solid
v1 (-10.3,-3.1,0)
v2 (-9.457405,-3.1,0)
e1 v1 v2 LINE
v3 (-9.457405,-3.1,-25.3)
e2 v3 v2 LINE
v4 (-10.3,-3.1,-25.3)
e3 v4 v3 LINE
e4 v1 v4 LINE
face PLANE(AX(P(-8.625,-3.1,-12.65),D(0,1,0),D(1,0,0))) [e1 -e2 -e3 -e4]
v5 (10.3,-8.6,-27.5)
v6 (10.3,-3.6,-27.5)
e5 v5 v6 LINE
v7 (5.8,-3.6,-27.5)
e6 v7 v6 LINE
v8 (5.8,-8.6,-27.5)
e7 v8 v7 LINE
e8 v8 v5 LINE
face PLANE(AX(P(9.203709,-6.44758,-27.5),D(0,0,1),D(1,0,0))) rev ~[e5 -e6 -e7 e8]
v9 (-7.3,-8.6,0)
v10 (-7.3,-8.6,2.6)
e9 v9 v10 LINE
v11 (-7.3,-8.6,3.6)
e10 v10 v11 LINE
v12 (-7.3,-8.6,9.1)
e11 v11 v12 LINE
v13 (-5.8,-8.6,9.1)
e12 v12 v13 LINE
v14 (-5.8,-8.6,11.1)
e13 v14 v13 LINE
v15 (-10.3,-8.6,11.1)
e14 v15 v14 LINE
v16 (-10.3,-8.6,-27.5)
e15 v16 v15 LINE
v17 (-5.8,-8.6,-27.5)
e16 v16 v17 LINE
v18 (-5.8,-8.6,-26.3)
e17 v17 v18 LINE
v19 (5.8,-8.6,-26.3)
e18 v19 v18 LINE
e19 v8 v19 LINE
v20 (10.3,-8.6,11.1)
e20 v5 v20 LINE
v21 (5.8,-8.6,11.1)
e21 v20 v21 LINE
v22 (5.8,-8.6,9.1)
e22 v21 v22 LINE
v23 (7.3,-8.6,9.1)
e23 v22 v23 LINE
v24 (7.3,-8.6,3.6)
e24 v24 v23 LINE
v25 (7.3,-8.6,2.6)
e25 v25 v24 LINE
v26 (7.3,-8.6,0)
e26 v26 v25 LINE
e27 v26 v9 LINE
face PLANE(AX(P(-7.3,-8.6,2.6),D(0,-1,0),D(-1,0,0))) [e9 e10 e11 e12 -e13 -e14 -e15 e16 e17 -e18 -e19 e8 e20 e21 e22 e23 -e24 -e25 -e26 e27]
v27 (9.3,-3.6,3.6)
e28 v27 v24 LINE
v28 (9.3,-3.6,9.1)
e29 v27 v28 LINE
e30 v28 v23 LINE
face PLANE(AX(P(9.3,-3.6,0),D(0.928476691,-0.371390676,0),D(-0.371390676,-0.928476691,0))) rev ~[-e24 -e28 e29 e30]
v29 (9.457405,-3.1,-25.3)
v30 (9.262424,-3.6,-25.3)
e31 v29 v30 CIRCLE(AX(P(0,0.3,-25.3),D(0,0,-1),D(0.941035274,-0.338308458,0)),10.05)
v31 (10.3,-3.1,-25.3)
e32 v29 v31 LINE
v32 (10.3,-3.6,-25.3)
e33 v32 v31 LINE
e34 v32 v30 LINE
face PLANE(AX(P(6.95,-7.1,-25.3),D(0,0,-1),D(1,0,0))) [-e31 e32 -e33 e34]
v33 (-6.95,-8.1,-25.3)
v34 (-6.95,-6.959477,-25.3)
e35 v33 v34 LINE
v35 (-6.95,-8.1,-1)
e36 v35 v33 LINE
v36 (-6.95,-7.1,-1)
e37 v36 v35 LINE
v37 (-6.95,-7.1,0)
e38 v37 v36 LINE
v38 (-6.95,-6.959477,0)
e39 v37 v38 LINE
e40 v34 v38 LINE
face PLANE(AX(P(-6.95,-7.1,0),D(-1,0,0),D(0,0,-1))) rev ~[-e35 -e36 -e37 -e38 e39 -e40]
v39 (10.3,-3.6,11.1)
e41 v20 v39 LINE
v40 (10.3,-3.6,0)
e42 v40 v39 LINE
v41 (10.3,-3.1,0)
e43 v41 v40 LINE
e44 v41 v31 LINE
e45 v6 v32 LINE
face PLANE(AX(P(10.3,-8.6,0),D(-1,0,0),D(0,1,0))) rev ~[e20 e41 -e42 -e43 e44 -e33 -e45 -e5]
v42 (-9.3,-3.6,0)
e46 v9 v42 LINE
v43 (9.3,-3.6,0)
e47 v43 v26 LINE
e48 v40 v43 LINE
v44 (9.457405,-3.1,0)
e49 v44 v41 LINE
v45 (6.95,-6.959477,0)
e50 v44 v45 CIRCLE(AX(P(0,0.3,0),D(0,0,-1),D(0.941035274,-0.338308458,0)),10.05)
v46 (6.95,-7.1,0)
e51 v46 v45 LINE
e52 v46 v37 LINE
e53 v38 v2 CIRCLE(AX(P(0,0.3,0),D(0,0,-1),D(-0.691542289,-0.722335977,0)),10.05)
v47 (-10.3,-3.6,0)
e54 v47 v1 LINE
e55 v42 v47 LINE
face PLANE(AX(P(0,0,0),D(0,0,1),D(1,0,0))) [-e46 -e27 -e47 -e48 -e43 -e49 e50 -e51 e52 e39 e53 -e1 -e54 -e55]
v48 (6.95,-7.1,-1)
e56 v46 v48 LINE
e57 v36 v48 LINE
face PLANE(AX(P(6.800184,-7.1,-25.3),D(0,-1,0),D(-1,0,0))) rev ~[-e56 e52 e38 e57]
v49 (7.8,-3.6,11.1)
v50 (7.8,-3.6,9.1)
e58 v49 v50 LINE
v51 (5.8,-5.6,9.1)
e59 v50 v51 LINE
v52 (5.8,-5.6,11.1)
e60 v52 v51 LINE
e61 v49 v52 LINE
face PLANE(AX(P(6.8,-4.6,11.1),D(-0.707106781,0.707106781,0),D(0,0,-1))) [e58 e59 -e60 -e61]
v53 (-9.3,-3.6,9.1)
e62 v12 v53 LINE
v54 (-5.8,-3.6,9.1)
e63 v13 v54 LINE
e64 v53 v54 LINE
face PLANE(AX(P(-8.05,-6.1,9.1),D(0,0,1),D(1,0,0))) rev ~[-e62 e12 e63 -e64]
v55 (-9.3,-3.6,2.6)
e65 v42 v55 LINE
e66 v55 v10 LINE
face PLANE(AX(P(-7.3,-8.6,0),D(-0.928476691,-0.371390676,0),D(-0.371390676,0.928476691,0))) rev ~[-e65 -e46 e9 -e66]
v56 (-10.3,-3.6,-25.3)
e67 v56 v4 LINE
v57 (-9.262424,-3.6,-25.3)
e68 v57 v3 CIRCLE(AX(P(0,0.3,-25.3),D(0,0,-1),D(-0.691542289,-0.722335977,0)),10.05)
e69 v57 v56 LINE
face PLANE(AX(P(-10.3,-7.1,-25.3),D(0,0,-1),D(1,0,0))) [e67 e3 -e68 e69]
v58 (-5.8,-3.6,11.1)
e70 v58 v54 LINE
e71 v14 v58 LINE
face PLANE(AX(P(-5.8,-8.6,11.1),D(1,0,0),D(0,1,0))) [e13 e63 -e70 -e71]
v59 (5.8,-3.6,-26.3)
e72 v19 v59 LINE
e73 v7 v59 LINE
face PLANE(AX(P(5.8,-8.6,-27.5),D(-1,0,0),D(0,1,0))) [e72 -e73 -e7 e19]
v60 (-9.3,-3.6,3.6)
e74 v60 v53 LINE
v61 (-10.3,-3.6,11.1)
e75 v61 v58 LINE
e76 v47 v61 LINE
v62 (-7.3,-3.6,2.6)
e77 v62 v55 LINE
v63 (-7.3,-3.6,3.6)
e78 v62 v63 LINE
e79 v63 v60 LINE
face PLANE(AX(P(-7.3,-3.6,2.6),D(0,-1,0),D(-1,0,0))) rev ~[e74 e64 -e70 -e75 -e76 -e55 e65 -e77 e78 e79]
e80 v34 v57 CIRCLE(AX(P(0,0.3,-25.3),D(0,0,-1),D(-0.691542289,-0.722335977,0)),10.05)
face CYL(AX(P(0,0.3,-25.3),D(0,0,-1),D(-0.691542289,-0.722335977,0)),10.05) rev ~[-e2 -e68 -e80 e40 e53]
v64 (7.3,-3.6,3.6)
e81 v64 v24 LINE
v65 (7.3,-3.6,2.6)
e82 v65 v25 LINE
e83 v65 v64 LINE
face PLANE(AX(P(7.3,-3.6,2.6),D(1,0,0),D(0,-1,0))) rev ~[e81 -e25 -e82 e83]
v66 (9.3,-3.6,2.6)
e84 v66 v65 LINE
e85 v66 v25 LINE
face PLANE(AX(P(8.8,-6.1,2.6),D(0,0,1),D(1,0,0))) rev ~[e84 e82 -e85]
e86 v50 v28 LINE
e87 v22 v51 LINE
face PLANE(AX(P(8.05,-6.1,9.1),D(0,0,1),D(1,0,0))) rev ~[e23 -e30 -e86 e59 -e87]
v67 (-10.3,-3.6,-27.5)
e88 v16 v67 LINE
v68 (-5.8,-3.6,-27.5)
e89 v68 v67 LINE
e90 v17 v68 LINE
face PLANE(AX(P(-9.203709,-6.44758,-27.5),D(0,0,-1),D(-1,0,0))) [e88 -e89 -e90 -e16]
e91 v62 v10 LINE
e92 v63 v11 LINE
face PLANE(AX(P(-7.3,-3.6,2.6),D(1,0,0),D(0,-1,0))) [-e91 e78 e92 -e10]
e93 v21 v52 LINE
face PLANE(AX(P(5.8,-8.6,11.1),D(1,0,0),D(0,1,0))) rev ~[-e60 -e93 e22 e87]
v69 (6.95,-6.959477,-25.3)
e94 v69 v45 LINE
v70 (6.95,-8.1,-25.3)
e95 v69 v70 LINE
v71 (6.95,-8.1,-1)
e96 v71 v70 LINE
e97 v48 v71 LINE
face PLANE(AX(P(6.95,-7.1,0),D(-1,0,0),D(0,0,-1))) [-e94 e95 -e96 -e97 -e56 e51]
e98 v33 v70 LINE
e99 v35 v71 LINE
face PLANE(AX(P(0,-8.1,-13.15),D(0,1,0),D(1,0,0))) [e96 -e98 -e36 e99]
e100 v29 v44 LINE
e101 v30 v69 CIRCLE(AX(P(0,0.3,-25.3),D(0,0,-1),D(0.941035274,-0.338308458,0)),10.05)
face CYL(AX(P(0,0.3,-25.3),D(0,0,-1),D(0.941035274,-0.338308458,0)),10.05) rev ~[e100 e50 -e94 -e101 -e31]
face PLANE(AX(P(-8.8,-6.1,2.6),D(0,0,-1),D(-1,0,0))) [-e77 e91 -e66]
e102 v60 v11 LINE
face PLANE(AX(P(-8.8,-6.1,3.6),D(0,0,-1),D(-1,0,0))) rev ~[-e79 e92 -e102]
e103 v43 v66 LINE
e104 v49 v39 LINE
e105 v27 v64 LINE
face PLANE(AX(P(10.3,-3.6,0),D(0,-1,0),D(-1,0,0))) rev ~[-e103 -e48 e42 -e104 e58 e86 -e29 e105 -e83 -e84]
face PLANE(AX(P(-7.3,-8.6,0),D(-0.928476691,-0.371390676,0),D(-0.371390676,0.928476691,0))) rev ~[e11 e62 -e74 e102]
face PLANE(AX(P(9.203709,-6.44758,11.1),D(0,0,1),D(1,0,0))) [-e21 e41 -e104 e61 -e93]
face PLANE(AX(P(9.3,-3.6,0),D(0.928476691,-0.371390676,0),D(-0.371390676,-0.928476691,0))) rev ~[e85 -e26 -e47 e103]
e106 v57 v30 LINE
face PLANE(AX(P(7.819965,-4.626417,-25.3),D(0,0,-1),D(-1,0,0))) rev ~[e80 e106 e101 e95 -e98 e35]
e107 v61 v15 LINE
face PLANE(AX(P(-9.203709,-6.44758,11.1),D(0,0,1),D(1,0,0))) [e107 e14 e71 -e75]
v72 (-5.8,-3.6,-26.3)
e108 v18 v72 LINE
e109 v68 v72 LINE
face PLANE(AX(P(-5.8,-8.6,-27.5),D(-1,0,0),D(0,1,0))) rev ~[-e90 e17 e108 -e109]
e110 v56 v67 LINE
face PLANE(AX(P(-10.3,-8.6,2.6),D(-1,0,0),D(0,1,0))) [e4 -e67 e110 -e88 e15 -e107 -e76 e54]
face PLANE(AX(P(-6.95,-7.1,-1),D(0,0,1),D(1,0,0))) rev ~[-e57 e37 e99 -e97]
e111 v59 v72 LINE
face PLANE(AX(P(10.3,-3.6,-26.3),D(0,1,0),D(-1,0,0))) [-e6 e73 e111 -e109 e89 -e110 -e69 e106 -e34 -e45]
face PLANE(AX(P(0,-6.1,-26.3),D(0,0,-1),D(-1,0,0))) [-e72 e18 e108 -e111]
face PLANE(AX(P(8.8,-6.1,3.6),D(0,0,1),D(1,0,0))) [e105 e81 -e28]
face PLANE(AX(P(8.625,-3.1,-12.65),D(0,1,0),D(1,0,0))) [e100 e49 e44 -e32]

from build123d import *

# Parameters (mm, degrees)
SKETCH1_W           = 20.6
SKETCH1_H           = 17.2
BOSS_EXTRUDE1_DEPTH = 2.5
SKETCH2_W           = 20.6
SKETCH2_H           = 1.5
BOSS_EXTRUDE2_DEPTH = 25.3
SKETCH3_W           = 20.6
SKETCH3_H           = 5
BOSS_EXTRUDE3_DEPTH = 1
SKETCH4_W           = 3.35
SKETCH4_H           = 25.3
BOSS_EXTRUDE4_DEPTH = 4
CUT_EXTRUDE2_START  = 25.3
CUT_EXTRUDE2_DEPTH  = 25.3
CHAMFER1_SIZE       = 2
BOSS_EXTRUDE5_DEPTH = 1.2
SKETCH7_W           = 4.5
SKETCH7_H           = 5
BOSS_EXTRUDE6_DEPTH = 1.5
SKETCH8_R           = 16.793205084
CUT_EXTRUDE3_DEPTH  = 2.5
BOSS_EXTRUDE7_DEPTH = 11.1
BOSS_EXTRUDE8_DEPTH = 1
SKETCH11_W          = 4.5
SKETCH11_H          = 5
BOSS_EXTRUDE9_DEPTH = 2
CHAMFER2_SIZE       = 2
SKETCH12_W          = 13.9
SKETCH12_H          = 24.3
CUT_EXTRUDE4_DEPTH  = 1


with BuildPart() as part:
    # Sketch1 → Boss-Extrude1 (new body)
    with BuildSketch(Plane.XY):
        Rectangle(SKETCH1_W, SKETCH1_H)
        with BuildLine():
            Line((3.1, 2.3), (3.1, -2))
            ThreePointArc((3.1, -2), (0, -5.1), (-3.1, -2))
            Line((-3.1, -2), (-3.1, 2.3))
            ThreePointArc((-3.1, 2.3), (0, 5.4), (3.1, 2.3))
        make_face(mode=Mode.SUBTRACT)
    extrude(amount=BOSS_EXTRUDE1_DEPTH)

    # Sketch2 → Boss-Extrude2 (add)
    with BuildSketch(Plane(origin=(0, 0, 0), x_dir=(-1, 0, 0), z_dir=(0, 0, -1))):
        with Locations((0, -7.85)):
            Rectangle(SKETCH2_W, SKETCH2_H)
    extrude(amount=BOSS_EXTRUDE2_DEPTH)

    # Sketch3 → Boss-Extrude3 (add)
    with BuildSketch(Plane(origin=(0, 0, -25.3), x_dir=(-1, 0, 0), z_dir=(0, 0, -1))):
        with Locations((0, -6.1)):
            Rectangle(SKETCH3_W, SKETCH3_H)
    extrude(amount=BOSS_EXTRUDE3_DEPTH)

    # Sketch4 → Boss-Extrude4 (add)
    with BuildSketch(Plane(origin=(0, -7.1, 0), x_dir=(1, 0, 0), z_dir=(0, 1, 0))):
        with Locations((-8.625, 12.65)):
            Rectangle(SKETCH4_W, SKETCH4_H)
        with Locations((8.625, 12.65)):
            Rectangle(SKETCH4_W, SKETCH4_H)
    extrude(amount=BOSS_EXTRUDE4_DEPTH)

    # Sketch5 → Cut-Extrude2 (cut)
    # profile 1 of 3: a face of its own
    with BuildSketch(Plane(origin=(0, 0, 0), x_dir=(-1, 0, 0), z_dir=(0, 0, -1)).offset(CUT_EXTRUDE2_START)):
        with BuildLine():
            Line((-6.800183821, -7.1), (6.800183821, -7.1))
            ThreePointArc((6.800183821, -7.1), (6.87545093, -7.030121044), (6.95, -6.959476565))
            Line((6.95, -6.959476565), (6.95, -3.1))
            Line((6.95, -3.1), (9.457404507, -3.1))
            ThreePointArc((9.457404507, -3.1), (9.900742783, -1.425628104), (10.05, 0.3))
            ThreePointArc((10.05, 0.3), (8.886892922, 4.993147579), (5.666789214, 8.6))
            Line((5.666789214, 8.6), (-5.666789214, 8.6))
            ThreePointArc((-5.666789214, 8.6), (-9.560743116, 3.397529834), (-9.457404507, -3.1))
            Line((-9.457404507, -3.1), (-6.95, -3.1))
            Line((-6.95, -3.1), (-6.95, -6.959476565))
            ThreePointArc((-6.95, -6.959476565), (-6.87545093, -7.030121044), (-6.800183821, -7.1))
        make_face()
        with BuildLine():
            ThreePointArc((3.1, -2), (0, -5.1), (-3.1, -2))
            Line((-3.1, -2), (-3.1, 2.3))
            ThreePointArc((-3.1, 2.3), (0, 5.4), (3.1, 2.3))
            Line((3.1, 2.3), (3.1, -2))
        make_face(mode=Mode.SUBTRACT)
    # profile 2 of 3: a face of its own
    with BuildSketch(Plane(origin=(0, 0, 0), x_dir=(-1, 0, 0), z_dir=(0, 0, -1)).offset(CUT_EXTRUDE2_START)):
        with BuildLine():
            Line((6.95, -3.1), (6.95, -6.959476565))
            ThreePointArc((6.95, -6.959476565), (8.427610604, -5.175205887), (9.457404507, -3.1))
            Line((9.457404507, -3.1), (6.95, -3.1))
        make_face()
    # profile 3 of 3: a face of its own
    with BuildSketch(Plane(origin=(0, 0, 0), x_dir=(-1, 0, 0), z_dir=(0, 0, -1)).offset(CUT_EXTRUDE2_START)):
        with BuildLine():
            ThreePointArc((-9.457404507, -3.1), (-8.427610604, -5.175205887), (-6.95, -6.959476565))
            Line((-6.95, -6.959476565), (-6.95, -3.1))
            Line((-6.95, -3.1), (-9.457404507, -3.1))
        make_face()
    extrude(amount=-CUT_EXTRUDE2_DEPTH, mode=Mode.SUBTRACT)

    # Chamfer1
    chamfer1_edges = [part.edges().sort_by_distance(p)[0] for p in [
        (-10.3, 8.6, 1.25),
        (10.3, 8.6, 1.25),
    ]]
    chamfer(chamfer1_edges, length=CHAMFER1_SIZE)

    # Sketch6 → Boss-Extrude5 (add)
    with BuildSketch(Plane(origin=(0, 0, -26.3), x_dir=(-1, 0, 0), z_dir=(0, 0, -1))):
        Polygon((-7.3, -8.6), (-10.3, -8.6), (-10.3, -3.6), (-9.3, -3.6), align=None)
        Polygon((9.3, -3.6), (7.3, -8.6), (10.3, -8.6), (10.3, -3.6), align=None)
    extrude(amount=BOSS_EXTRUDE5_DEPTH)

    # Sketch7 → Boss-Extrude6 (add)
    with BuildSketch(Plane(origin=(0, 0, -27.5), x_dir=(-1, 0, 0), z_dir=(0, 0, -1))):
        with Locations((-8.05, -6.1)):
            Rectangle(SKETCH7_W, SKETCH7_H)
        with Locations((8.05, -6.1)):
            Rectangle(SKETCH7_W, SKETCH7_H)
    extrude(amount=-BOSS_EXTRUDE6_DEPTH)

    # Sketch8 → Cut-Extrude3 (cut)
    with BuildSketch(Plane.XY.offset(2.5)):
        Circle(SKETCH8_R)
    extrude(amount=-CUT_EXTRUDE3_DEPTH, mode=Mode.SUBTRACT)

    # Sketch9 → Boss-Extrude7 (add)
    with BuildSketch(Plane.XY):
        Polygon((7.3, -8.6), (10.3, -8.6), (10.3, -3.6), (9.3, -3.6), align=None)
        Polygon((-10.3, -8.6), (-7.3, -8.6), (-9.3, -3.6), (-10.3, -3.6), align=None)
    extrude(amount=BOSS_EXTRUDE7_DEPTH)

    # Sketch10 → Boss-Extrude8 (add)
    with BuildSketch(Plane.XY.offset(2.6)):
        Polygon((-9.3, -3.6), (-7.3, -3.6), (-7.3, -8.6), (-10.3, -8.6), (-10.3, -3.6), align=None)
        Polygon((9.3, -3.6), (7.3, -3.6), (7.3, -8.6), (10.3, -8.6), (10.3, -3.6), align=None)
    extrude(amount=BOSS_EXTRUDE8_DEPTH)

    # Sketch11 → Boss-Extrude9 (add)
    with BuildSketch(Plane.XY.offset(11.1)):
        with Locations((-8.05, -6.1)):
            Rectangle(SKETCH11_W, SKETCH11_H)
        with Locations((8.05, -6.1)):
            Rectangle(SKETCH11_W, SKETCH11_H)
    extrude(amount=-BOSS_EXTRUDE9_DEPTH)

    # Chamfer2
    chamfer2_edges = [part.edges().sort_by_distance(p)[0] for p in [
        (5.8, -3.6, 10.1),
    ]]
    chamfer(chamfer2_edges, length=CHAMFER2_SIZE)

    # Sketch12 → Cut-Extrude4 (cut)
    with BuildSketch(Plane(origin=(0, -7.1, 0), x_dir=(1, 0, 0), z_dir=(0, 1, 0))):
        with Locations((0, 13.15)):
            Rectangle(SKETCH12_W, SKETCH12_H)
    extrude(amount=-CUT_EXTRUDE4_DEPTH, mode=Mode.SUBTRACT)


solid = part.part
